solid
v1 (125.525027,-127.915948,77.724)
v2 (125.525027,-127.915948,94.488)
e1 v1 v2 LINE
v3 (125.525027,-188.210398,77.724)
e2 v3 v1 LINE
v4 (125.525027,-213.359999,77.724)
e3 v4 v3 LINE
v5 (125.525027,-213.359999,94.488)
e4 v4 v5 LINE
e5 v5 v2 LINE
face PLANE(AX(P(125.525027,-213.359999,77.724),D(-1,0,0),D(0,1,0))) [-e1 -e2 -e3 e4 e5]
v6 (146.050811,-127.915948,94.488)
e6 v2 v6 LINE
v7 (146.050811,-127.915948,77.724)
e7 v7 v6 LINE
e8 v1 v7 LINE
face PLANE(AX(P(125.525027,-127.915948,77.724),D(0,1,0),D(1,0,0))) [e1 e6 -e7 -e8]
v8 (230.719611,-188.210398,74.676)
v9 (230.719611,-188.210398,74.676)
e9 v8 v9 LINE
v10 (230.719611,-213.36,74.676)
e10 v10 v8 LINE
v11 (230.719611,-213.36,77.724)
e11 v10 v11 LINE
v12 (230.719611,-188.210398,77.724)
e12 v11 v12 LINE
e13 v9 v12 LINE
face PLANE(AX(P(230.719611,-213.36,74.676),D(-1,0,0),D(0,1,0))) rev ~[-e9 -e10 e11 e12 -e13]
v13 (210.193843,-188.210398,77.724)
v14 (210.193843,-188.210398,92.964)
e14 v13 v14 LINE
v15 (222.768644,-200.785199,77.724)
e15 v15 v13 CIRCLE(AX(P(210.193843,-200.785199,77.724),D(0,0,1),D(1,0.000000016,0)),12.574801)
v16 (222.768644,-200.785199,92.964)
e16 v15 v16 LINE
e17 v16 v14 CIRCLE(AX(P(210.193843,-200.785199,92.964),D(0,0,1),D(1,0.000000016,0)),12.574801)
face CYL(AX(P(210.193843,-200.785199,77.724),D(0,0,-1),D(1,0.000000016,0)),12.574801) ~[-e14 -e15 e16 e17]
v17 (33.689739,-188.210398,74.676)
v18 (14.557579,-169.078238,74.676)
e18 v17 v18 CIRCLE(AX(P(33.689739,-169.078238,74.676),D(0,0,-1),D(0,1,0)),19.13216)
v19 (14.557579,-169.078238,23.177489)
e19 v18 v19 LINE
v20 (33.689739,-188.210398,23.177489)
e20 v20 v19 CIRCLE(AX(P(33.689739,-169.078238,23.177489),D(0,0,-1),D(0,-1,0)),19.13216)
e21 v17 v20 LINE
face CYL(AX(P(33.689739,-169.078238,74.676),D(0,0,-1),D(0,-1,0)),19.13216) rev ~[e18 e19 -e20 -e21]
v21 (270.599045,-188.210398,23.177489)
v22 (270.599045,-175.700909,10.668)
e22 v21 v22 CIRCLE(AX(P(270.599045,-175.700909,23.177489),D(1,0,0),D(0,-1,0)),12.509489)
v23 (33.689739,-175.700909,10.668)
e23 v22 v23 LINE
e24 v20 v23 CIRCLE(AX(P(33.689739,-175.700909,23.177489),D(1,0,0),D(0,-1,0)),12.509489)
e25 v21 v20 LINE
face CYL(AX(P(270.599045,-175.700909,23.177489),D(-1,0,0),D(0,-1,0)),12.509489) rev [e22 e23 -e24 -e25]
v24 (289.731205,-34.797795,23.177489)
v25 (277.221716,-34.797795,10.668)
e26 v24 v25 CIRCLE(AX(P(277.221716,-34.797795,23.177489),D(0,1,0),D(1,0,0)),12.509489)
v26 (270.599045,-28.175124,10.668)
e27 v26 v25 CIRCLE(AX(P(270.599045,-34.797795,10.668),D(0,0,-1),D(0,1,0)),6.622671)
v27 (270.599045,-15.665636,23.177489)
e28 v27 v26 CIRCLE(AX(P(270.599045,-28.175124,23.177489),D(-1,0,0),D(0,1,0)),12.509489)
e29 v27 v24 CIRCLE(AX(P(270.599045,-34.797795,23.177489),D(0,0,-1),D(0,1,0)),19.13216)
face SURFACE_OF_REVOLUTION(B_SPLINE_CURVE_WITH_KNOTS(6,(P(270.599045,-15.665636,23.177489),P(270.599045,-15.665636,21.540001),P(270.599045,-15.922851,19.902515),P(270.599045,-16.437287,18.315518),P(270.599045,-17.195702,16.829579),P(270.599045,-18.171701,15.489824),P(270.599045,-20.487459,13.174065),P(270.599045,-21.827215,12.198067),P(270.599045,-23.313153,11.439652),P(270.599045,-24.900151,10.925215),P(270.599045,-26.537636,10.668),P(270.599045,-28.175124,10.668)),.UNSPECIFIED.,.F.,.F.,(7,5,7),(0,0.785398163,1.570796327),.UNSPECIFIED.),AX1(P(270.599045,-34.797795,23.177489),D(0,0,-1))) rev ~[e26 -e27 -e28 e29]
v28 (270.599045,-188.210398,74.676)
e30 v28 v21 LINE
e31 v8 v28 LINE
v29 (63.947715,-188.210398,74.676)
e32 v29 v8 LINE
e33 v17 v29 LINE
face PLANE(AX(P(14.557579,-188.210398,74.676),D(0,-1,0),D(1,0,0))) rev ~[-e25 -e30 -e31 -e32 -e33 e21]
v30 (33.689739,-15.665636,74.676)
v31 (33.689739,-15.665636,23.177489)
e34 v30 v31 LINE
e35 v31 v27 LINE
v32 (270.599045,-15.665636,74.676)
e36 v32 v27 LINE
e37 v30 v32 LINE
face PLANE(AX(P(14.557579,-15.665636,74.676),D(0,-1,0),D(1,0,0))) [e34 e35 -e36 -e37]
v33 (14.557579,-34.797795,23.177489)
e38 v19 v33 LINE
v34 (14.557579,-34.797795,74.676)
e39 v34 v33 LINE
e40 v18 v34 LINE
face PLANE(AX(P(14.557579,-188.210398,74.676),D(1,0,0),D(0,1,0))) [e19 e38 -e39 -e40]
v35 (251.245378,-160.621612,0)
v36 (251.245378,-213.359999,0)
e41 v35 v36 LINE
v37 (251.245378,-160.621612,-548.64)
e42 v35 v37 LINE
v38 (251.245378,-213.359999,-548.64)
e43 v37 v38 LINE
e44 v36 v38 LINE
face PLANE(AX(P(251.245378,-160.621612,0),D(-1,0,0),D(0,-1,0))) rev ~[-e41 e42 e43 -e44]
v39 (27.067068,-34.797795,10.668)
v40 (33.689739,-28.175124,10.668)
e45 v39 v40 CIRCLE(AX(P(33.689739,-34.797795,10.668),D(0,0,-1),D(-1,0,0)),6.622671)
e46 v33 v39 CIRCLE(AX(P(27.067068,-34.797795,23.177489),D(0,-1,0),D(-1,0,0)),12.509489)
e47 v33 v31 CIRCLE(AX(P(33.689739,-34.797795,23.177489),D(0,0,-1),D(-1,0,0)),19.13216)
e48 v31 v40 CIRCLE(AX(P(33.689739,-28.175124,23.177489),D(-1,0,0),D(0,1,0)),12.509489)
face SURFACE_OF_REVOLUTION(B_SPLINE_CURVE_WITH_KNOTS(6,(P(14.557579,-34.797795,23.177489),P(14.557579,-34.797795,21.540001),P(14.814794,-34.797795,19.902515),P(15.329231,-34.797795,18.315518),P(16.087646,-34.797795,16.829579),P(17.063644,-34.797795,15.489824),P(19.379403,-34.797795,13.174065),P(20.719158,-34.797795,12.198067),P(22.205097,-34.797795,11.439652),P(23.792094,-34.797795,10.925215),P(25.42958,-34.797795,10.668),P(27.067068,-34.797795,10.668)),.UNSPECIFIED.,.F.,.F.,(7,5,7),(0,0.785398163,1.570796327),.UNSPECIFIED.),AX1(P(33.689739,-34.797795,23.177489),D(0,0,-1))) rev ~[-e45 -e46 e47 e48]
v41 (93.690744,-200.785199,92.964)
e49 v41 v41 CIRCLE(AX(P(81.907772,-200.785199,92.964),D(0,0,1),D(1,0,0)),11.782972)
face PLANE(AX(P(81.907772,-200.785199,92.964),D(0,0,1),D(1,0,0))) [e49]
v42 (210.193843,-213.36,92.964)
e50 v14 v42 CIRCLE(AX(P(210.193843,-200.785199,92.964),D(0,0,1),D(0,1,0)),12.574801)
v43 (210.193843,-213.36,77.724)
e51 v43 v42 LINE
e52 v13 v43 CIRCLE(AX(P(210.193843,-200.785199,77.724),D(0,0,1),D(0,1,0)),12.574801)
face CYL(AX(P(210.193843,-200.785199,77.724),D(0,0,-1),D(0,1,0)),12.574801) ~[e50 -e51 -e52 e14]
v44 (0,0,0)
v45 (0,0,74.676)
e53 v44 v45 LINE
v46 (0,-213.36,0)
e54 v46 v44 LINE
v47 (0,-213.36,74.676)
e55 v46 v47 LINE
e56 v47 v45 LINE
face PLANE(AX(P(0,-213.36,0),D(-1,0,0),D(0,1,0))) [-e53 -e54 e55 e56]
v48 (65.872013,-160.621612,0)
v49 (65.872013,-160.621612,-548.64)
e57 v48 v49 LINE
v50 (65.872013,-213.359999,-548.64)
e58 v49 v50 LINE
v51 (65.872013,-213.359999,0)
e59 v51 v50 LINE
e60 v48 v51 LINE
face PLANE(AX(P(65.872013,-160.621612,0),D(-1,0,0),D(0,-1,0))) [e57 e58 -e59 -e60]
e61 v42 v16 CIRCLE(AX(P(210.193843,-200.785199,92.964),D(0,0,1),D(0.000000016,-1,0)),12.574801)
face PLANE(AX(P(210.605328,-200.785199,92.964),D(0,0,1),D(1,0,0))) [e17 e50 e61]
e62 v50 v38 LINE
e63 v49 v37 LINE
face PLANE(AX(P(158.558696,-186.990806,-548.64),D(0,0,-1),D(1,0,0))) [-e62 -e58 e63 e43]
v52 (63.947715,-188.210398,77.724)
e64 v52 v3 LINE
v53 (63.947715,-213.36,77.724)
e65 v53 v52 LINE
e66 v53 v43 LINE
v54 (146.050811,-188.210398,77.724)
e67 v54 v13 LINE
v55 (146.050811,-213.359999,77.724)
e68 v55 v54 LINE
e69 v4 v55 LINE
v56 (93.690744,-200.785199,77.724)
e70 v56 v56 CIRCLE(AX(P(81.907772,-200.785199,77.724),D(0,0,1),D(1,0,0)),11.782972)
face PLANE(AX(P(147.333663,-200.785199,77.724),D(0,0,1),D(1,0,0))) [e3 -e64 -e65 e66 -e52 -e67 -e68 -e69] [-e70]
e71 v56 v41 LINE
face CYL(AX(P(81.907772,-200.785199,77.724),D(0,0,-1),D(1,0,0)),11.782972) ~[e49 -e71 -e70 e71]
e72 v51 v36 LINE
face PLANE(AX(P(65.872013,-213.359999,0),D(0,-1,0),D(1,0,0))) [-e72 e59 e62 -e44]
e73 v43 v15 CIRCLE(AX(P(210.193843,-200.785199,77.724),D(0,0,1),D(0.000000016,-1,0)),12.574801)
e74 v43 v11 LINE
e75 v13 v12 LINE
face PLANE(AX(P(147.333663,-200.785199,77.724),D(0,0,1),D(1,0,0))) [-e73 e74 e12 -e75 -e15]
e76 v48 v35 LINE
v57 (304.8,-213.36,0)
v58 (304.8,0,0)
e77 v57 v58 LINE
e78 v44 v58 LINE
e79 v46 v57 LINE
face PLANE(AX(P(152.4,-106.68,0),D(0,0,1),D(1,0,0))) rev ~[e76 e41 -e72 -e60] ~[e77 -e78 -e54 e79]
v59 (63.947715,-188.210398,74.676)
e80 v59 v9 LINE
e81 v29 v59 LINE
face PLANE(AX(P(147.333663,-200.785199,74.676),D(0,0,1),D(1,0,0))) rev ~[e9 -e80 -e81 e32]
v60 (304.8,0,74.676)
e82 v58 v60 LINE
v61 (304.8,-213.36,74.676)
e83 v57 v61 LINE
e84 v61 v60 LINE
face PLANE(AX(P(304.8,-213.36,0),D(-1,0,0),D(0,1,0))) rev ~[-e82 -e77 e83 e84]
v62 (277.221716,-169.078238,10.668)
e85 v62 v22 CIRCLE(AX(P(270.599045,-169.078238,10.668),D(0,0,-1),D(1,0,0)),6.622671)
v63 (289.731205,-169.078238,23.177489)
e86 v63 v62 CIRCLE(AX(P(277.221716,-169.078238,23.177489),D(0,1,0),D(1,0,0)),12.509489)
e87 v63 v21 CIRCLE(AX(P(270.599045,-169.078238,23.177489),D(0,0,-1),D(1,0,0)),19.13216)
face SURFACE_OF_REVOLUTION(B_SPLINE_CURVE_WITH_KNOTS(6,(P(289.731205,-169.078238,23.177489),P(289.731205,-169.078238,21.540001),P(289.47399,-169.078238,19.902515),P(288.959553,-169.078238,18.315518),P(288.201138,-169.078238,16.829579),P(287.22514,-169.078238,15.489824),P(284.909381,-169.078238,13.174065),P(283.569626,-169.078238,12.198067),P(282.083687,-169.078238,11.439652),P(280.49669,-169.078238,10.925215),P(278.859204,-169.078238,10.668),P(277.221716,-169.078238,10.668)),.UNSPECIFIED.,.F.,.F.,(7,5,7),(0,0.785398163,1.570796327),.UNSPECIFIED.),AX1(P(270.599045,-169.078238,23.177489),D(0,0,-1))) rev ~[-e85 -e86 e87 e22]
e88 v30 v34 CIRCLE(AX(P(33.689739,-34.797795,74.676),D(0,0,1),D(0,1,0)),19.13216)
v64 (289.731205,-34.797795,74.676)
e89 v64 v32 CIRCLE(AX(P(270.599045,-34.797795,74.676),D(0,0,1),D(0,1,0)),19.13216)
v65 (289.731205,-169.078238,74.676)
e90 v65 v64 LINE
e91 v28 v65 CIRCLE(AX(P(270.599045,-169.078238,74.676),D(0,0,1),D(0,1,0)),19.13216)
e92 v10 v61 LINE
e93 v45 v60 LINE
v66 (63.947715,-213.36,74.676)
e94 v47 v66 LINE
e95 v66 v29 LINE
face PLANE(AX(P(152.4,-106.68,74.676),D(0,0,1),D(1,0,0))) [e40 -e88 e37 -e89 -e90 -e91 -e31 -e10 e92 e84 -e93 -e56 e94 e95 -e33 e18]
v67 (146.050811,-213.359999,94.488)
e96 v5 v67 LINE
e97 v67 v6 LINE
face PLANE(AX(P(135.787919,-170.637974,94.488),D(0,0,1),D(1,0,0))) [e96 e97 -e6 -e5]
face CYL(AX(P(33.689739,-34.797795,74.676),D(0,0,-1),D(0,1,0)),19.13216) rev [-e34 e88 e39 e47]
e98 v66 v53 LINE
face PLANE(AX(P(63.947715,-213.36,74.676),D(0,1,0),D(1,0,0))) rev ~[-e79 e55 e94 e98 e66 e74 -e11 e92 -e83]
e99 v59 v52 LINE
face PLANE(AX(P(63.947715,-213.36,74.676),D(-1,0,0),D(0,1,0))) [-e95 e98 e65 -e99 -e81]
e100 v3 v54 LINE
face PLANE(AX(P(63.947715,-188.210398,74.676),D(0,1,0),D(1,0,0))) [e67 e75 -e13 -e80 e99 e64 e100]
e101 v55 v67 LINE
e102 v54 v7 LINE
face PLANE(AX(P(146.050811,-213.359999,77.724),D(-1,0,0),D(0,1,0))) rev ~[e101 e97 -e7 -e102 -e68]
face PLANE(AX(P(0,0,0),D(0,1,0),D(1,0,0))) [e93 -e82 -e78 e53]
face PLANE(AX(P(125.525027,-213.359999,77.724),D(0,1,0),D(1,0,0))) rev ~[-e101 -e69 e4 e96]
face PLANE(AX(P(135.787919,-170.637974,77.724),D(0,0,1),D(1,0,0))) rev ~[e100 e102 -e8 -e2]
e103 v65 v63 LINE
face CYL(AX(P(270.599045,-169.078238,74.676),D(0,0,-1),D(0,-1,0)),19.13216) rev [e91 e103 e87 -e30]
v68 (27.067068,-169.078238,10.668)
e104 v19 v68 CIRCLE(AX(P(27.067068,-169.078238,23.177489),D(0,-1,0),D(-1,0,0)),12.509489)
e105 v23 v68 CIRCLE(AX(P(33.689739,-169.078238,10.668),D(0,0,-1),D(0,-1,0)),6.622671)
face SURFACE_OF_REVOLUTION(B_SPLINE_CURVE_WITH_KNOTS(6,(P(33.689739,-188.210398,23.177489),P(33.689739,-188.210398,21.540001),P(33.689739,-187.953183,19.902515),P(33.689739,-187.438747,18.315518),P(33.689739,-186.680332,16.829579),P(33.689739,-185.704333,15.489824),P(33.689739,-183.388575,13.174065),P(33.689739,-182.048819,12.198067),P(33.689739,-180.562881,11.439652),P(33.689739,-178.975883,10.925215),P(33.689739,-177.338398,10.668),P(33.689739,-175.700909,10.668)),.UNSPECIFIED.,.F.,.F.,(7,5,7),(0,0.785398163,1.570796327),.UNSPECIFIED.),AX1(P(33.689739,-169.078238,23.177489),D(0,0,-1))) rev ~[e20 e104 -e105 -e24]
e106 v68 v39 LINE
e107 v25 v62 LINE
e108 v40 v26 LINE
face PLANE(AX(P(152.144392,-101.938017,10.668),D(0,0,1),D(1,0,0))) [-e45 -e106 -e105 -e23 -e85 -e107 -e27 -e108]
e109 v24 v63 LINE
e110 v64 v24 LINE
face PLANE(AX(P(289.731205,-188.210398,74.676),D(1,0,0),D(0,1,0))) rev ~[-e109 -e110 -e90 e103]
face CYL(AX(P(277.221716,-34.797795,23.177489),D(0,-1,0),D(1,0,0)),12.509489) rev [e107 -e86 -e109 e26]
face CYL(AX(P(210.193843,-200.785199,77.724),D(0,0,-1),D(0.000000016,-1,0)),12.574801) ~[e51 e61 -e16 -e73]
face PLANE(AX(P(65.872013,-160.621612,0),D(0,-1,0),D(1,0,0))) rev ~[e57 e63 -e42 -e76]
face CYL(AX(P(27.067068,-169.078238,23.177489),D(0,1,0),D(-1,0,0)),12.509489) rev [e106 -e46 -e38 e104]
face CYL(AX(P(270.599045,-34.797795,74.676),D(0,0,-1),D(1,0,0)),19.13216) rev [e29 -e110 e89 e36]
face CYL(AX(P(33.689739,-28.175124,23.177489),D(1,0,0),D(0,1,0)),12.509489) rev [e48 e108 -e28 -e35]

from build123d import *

# Parameters (mm, degrees)
F0_W      = 304.8
F0_H      = 213.36
F1_DEPTH  = 74.676
F2_W      = 185.373365
F2_H      = 52.738387
F3_DEPTH  = 548.64
F4_W      = 275.173626
F4_H      = 172.544763
F5_DEPTH  = 64.008
F6_R      = 19.13216
F7_R      = 12.509489
F8_W      = 166.771896
F8_H      = 25.149602
F9_DEPTH  = 3.048
F10_R     = 11.782972
F11_DEPTH = 15.24
F12_W     = 20.525783
F12_H     = 85.444051
F13_DEPTH = 16.764


with BuildPart() as f1:
    # F0 (on Top) → F1 (new body)
    with BuildSketch(Plane.XY):
        with Locations((152.4, -106.68)):
            Rectangle(F0_W, F0_H)
    extrude(amount=F1_DEPTH)

    # F2 (on face) → F3 (join)
    with BuildSketch(Plane(origin=(0, 0, 0), x_dir=(1, 0, 0), z_dir=(0, 0, -1))):
        with Locations((158.558696, 186.990806)):
            Rectangle(F2_W, F2_H)
    extrude(amount=F3_DEPTH)

    # F4 (on face) → F5 (cut)
    with BuildSketch(Plane.XY.offset(74.676)):
        with Locations((152.144392, -101.938017)):
            Rectangle(F4_W, F4_H)
    extrude(amount=-F5_DEPTH, mode=Mode.SUBTRACT)

    # F6
    f6_edges = [f1.edges().sort_by_distance(p)[0] for p in [
        (289.731205, -188.210398, 42.672),
        (14.557579, -188.210398, 42.672),
        (14.557579, -15.665635, 42.672),
        (289.731205, -15.665635, 42.672),
    ]]
    fillet(f6_edges, radius=F6_R)

    # F7
    f7_edges = [f1.edges().sort_by_distance(p)[0] for p in [
        (152.144392, -15.665635, 10.668),
        (284.127525, -21.269315, 10.668),
        (20.161258, -21.269315, 10.668),
        (289.731205, -101.938017, 10.668),
        (14.557579, -101.938017, 10.668),
        (284.127525, -182.606718, 10.668),
        (20.161258, -182.606718, 10.668),
        (152.144392, -188.210398, 10.668),
    ]]
    fillet(f7_edges, radius=F7_R)

    # F8 (on face) → F9 (join)
    with BuildSketch(Plane.XY.offset(74.676)):
        with Locations((147.333663, -200.785199)):
            Rectangle(F8_W, F8_H)
    extrude(amount=F9_DEPTH)

    # F10 (on face) → F11 (join)
    with BuildSketch(Plane.XY.offset(77.724)):
        with Locations((81.907772, -200.785199)):
            Circle(F10_R)
        with BuildLine():
            ThreePointArc((210.193843, -213.36), (219.08557, -209.676926), (222.768644, -200.785199))
            ThreePointArc((222.768644, -200.785199), (219.08557, -191.893472), (210.193843, -188.210398))
            ThreePointArc((210.193843, -188.210398), (197.619042, -200.785199), (210.193843, -213.36))
        make_face()
    extrude(amount=F11_DEPTH)

    # F12 (on face) → F13 (join)
    with BuildSketch(Plane.XY.offset(77.724)):
        with Locations((135.787919, -170.637974)):
            Rectangle(F12_W, F12_H)
    extrude(amount=F13_DEPTH)


solid = f1.part
